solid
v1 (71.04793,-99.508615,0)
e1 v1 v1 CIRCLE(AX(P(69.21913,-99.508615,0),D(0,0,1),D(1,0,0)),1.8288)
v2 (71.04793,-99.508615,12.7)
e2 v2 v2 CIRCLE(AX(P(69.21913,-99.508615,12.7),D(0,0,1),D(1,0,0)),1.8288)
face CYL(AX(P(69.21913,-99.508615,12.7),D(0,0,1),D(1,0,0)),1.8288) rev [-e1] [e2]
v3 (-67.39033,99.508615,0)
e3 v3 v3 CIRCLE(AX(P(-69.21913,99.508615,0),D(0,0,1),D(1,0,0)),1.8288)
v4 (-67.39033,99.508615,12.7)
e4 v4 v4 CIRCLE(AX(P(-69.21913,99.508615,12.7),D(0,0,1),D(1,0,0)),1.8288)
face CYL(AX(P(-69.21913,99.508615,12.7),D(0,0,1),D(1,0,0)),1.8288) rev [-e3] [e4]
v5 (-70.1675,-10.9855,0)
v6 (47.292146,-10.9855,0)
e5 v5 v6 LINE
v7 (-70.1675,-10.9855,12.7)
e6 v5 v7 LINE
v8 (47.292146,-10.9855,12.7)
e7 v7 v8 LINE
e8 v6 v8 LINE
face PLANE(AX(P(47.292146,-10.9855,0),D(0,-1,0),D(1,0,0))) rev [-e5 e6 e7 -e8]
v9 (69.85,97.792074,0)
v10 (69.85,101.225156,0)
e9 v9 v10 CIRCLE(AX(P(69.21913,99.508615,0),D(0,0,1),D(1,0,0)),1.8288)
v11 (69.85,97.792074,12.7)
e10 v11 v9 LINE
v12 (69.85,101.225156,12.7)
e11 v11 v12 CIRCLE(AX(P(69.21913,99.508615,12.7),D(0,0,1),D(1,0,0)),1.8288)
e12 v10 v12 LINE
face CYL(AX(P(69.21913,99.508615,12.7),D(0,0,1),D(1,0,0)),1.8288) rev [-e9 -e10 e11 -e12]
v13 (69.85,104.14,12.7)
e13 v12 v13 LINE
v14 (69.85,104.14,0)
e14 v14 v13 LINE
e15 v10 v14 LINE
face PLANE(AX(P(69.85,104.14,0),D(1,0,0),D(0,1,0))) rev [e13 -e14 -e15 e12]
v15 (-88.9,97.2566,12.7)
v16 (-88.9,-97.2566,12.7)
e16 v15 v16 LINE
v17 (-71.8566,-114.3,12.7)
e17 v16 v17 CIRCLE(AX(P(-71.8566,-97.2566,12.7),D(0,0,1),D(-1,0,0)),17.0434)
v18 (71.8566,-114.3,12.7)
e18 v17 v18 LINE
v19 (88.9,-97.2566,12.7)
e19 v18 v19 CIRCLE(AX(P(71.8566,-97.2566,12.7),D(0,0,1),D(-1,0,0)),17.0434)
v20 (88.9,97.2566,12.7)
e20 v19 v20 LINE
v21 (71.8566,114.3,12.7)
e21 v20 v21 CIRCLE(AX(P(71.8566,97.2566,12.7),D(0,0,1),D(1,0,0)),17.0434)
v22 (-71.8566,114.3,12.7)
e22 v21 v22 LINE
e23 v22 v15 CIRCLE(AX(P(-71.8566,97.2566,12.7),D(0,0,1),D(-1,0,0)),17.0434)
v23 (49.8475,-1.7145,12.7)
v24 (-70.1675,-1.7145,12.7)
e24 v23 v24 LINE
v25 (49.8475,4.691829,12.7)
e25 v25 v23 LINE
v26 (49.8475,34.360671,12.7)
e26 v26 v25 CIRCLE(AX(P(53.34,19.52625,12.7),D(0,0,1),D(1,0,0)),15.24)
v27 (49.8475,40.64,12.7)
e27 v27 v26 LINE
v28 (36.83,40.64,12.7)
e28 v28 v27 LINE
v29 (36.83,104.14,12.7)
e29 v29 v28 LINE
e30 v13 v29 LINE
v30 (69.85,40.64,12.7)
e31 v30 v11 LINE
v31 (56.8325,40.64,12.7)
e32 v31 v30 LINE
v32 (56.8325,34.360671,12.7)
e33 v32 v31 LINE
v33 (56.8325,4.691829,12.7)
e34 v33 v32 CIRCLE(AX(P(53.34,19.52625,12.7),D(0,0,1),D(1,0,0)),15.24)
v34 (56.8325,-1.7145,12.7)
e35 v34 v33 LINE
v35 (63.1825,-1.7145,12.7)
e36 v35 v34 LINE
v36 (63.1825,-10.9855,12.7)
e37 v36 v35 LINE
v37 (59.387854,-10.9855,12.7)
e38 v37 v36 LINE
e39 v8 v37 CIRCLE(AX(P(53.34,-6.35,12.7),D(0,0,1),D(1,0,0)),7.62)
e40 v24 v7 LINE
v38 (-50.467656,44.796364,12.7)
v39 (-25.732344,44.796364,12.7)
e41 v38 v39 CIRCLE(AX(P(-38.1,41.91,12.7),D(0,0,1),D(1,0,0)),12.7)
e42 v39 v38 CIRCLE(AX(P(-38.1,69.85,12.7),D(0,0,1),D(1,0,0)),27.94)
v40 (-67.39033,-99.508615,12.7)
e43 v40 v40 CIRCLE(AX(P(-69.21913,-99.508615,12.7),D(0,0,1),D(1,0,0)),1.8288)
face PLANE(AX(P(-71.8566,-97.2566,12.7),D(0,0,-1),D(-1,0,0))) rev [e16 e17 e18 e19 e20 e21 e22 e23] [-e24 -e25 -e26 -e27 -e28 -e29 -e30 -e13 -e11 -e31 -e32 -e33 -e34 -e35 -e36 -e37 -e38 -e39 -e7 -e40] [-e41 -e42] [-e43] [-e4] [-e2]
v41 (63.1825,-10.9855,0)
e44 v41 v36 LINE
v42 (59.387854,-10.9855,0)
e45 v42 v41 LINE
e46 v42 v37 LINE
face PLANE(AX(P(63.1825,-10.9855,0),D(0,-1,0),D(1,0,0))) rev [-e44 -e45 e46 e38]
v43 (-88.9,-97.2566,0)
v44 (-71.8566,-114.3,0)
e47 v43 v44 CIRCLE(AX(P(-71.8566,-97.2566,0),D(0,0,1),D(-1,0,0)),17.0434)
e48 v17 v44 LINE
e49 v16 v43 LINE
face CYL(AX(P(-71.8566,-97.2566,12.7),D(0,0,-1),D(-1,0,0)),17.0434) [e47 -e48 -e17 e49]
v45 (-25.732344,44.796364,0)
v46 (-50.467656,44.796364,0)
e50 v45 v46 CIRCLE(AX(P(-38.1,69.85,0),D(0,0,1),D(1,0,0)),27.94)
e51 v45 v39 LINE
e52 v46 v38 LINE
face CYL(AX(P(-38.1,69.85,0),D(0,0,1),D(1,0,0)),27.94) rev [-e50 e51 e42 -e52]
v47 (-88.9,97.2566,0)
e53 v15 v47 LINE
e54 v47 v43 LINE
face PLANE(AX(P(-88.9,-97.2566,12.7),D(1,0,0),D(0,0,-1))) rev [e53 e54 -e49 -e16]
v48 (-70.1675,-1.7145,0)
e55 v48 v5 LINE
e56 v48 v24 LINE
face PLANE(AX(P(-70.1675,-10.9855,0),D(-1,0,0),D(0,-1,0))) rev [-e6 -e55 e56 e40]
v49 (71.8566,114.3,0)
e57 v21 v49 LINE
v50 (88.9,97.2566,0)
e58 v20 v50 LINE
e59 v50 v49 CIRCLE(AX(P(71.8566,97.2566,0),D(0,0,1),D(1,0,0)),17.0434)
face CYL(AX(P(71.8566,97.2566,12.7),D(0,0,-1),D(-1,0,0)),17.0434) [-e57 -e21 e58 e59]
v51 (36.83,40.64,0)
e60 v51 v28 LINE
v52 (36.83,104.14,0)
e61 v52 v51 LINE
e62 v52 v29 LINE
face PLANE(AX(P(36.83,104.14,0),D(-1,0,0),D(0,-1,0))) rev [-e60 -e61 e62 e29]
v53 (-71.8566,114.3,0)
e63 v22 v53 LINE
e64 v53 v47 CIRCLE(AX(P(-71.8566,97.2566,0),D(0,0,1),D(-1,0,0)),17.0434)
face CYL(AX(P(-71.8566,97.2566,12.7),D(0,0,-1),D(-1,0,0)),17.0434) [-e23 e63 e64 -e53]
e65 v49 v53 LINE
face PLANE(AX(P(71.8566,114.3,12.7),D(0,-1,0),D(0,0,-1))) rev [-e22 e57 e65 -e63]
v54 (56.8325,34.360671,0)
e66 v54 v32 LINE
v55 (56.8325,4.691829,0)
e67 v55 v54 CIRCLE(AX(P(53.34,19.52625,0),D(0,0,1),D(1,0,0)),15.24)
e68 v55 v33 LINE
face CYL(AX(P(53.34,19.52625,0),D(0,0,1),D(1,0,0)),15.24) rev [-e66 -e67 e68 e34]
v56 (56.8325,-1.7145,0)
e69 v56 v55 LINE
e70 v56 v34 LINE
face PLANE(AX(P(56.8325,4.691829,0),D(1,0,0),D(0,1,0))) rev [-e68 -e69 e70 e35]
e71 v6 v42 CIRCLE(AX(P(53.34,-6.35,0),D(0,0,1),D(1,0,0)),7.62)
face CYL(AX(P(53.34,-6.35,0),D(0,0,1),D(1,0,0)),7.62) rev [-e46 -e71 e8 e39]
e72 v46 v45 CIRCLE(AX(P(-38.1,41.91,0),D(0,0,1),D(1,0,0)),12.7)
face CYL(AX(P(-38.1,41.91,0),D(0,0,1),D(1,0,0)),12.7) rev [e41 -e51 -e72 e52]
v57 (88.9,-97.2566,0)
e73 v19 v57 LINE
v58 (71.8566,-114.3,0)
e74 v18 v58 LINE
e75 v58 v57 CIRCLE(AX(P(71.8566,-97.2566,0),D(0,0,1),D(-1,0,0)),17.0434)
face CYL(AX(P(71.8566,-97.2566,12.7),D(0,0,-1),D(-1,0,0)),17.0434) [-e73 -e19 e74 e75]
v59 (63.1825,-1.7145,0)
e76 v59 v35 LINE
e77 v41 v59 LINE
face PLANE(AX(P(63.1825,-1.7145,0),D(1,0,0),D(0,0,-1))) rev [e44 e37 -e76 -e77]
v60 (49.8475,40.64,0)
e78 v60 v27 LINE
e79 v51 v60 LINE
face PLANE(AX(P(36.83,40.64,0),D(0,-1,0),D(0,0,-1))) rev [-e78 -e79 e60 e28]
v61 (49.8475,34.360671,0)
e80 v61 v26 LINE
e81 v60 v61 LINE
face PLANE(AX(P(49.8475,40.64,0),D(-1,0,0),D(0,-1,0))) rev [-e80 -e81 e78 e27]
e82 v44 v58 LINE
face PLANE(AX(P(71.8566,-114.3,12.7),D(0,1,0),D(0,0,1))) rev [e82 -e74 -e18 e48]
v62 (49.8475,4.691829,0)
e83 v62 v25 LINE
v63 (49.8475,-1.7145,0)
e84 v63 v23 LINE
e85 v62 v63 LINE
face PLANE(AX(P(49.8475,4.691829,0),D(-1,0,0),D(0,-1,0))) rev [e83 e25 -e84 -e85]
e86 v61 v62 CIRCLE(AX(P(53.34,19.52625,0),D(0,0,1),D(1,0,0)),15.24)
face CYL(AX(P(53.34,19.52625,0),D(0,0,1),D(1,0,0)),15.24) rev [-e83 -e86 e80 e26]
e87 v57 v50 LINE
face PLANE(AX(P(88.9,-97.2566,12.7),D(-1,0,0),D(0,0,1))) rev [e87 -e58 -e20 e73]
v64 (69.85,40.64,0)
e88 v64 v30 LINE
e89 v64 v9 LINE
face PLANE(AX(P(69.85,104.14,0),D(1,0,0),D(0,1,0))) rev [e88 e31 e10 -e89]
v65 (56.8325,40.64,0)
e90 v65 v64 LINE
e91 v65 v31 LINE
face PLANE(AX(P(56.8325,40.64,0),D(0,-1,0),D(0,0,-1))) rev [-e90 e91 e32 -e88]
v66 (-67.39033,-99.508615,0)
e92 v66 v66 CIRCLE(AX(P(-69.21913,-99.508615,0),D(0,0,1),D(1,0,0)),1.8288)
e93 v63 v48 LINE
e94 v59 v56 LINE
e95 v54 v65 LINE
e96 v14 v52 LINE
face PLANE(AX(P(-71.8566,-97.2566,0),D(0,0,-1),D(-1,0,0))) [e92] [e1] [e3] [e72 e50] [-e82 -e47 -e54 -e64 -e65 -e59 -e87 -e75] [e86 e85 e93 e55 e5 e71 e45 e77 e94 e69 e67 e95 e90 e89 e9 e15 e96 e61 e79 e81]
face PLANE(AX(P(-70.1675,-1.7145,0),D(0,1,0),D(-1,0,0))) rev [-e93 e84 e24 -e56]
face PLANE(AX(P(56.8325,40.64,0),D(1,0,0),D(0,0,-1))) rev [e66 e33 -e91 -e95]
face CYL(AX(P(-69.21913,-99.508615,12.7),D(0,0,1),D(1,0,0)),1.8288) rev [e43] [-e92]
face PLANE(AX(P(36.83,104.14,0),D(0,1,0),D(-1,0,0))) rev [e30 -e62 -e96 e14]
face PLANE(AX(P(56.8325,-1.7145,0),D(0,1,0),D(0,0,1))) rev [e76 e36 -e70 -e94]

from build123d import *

# Parameters (mm, degrees)
BOSS_EXTRUDE1_DEPTH         = 12.7
CUT_EXTRUDE1_DEPTH          = 13.7
F_27_0_144_DIAMETER_HOLE1_D = 3.6576


with BuildPart() as part:
    # Sketch1 → Boss-Extrude1 (new body)
    with BuildSketch(Plane(origin=(0, 0, 0), x_dir=(0, 1, 0), z_dir=(0, 0, 1))):
        with BuildLine():
            Line((-97.2566, -88.9), (97.2566, -88.9))
            ThreePointArc((97.2566, -88.9), (109.308103714, -83.908103714), (114.3, -71.8566))
            Line((114.3, -71.8566), (114.3, 71.8566))
            ThreePointArc((114.3, 71.8566), (109.308103714, 83.908103714), (97.2566, 88.9))
            Line((97.2566, 88.9), (-97.2566, 88.9))
            ThreePointArc((-97.2566, 88.9), (-109.308103714, 83.908103714), (-114.3, 71.8566))
            Line((-114.3, 71.8566), (-114.3, -71.8566))
            ThreePointArc((-114.3, -71.8566), (-109.308103714, -83.908103714), (-97.2566, -88.9))
        make_face()
    extrude(amount=BOSS_EXTRUDE1_DEPTH)

    # Sketch6 → Cut-Extrude1 (cut, through all)
    with BuildSketch(Plane.XY.offset(12.7)):
        with BuildLine():
            Line((49.8475, 4.691829089), (49.8475, -1.7145))
            Line((49.8475, -1.7145), (-70.1675, -1.7145))
            Line((-70.1675, -1.7145), (-70.1675, -10.9855))
            Line((-70.1675, -10.9855), (47.292145856, -10.9855))
            ThreePointArc((47.292145856, -10.9855), (53.34, -13.97), (59.387854144, -10.9855))
            Line((59.387854144, -10.9855), (63.1825, -10.9855))
            Line((63.1825, -10.9855), (63.1825, -1.7145))
            Line((63.1825, -1.7145), (56.8325, -1.7145))
            Line((56.8325, -1.7145), (56.8325, 4.691829089))
            ThreePointArc((56.8325, 4.691829089), (68.58, 19.52625), (56.8325, 34.360670911))
            Line((56.8325, 34.360670911), (56.8325, 40.64))
            Line((56.8325, 40.64), (69.85, 40.64))
            Line((69.85, 40.64), (69.85, 104.14))
            Line((69.85, 104.14), (36.83, 104.14))
            Line((36.83, 104.14), (36.83, 40.64))
            Line((36.83, 40.64), (49.8475, 40.64))
            Line((49.8475, 40.64), (49.8475, 34.360670911))
            ThreePointArc((49.8475, 34.360670911), (38.1, 19.52625), (49.8475, 4.691829089))
        make_face()
        with BuildLine():
            ThreePointArc((-25.732344403, 44.796363636), (-38.1, 97.79), (-50.467655597, 44.796363636))
            ThreePointArc((-50.467655597, 44.796363636), (-38.1, 29.21), (-25.732344403, 44.796363636))
        make_face()
    extrude(amount=-CUT_EXTRUDE1_DEPTH, mode=Mode.SUBTRACT)

    # #27 (0.144) Diameter Hole1 (through all)
    with Locations(Plane.XY.offset(12.7)):
        with Locations((-69.21913, 99.508615), (-69.21913, -99.508615), (69.21913, -99.508615), (69.21913, 99.508615)):
            Hole(F_27_0_144_DIAMETER_HOLE1_D / 2)


solid = part.part
